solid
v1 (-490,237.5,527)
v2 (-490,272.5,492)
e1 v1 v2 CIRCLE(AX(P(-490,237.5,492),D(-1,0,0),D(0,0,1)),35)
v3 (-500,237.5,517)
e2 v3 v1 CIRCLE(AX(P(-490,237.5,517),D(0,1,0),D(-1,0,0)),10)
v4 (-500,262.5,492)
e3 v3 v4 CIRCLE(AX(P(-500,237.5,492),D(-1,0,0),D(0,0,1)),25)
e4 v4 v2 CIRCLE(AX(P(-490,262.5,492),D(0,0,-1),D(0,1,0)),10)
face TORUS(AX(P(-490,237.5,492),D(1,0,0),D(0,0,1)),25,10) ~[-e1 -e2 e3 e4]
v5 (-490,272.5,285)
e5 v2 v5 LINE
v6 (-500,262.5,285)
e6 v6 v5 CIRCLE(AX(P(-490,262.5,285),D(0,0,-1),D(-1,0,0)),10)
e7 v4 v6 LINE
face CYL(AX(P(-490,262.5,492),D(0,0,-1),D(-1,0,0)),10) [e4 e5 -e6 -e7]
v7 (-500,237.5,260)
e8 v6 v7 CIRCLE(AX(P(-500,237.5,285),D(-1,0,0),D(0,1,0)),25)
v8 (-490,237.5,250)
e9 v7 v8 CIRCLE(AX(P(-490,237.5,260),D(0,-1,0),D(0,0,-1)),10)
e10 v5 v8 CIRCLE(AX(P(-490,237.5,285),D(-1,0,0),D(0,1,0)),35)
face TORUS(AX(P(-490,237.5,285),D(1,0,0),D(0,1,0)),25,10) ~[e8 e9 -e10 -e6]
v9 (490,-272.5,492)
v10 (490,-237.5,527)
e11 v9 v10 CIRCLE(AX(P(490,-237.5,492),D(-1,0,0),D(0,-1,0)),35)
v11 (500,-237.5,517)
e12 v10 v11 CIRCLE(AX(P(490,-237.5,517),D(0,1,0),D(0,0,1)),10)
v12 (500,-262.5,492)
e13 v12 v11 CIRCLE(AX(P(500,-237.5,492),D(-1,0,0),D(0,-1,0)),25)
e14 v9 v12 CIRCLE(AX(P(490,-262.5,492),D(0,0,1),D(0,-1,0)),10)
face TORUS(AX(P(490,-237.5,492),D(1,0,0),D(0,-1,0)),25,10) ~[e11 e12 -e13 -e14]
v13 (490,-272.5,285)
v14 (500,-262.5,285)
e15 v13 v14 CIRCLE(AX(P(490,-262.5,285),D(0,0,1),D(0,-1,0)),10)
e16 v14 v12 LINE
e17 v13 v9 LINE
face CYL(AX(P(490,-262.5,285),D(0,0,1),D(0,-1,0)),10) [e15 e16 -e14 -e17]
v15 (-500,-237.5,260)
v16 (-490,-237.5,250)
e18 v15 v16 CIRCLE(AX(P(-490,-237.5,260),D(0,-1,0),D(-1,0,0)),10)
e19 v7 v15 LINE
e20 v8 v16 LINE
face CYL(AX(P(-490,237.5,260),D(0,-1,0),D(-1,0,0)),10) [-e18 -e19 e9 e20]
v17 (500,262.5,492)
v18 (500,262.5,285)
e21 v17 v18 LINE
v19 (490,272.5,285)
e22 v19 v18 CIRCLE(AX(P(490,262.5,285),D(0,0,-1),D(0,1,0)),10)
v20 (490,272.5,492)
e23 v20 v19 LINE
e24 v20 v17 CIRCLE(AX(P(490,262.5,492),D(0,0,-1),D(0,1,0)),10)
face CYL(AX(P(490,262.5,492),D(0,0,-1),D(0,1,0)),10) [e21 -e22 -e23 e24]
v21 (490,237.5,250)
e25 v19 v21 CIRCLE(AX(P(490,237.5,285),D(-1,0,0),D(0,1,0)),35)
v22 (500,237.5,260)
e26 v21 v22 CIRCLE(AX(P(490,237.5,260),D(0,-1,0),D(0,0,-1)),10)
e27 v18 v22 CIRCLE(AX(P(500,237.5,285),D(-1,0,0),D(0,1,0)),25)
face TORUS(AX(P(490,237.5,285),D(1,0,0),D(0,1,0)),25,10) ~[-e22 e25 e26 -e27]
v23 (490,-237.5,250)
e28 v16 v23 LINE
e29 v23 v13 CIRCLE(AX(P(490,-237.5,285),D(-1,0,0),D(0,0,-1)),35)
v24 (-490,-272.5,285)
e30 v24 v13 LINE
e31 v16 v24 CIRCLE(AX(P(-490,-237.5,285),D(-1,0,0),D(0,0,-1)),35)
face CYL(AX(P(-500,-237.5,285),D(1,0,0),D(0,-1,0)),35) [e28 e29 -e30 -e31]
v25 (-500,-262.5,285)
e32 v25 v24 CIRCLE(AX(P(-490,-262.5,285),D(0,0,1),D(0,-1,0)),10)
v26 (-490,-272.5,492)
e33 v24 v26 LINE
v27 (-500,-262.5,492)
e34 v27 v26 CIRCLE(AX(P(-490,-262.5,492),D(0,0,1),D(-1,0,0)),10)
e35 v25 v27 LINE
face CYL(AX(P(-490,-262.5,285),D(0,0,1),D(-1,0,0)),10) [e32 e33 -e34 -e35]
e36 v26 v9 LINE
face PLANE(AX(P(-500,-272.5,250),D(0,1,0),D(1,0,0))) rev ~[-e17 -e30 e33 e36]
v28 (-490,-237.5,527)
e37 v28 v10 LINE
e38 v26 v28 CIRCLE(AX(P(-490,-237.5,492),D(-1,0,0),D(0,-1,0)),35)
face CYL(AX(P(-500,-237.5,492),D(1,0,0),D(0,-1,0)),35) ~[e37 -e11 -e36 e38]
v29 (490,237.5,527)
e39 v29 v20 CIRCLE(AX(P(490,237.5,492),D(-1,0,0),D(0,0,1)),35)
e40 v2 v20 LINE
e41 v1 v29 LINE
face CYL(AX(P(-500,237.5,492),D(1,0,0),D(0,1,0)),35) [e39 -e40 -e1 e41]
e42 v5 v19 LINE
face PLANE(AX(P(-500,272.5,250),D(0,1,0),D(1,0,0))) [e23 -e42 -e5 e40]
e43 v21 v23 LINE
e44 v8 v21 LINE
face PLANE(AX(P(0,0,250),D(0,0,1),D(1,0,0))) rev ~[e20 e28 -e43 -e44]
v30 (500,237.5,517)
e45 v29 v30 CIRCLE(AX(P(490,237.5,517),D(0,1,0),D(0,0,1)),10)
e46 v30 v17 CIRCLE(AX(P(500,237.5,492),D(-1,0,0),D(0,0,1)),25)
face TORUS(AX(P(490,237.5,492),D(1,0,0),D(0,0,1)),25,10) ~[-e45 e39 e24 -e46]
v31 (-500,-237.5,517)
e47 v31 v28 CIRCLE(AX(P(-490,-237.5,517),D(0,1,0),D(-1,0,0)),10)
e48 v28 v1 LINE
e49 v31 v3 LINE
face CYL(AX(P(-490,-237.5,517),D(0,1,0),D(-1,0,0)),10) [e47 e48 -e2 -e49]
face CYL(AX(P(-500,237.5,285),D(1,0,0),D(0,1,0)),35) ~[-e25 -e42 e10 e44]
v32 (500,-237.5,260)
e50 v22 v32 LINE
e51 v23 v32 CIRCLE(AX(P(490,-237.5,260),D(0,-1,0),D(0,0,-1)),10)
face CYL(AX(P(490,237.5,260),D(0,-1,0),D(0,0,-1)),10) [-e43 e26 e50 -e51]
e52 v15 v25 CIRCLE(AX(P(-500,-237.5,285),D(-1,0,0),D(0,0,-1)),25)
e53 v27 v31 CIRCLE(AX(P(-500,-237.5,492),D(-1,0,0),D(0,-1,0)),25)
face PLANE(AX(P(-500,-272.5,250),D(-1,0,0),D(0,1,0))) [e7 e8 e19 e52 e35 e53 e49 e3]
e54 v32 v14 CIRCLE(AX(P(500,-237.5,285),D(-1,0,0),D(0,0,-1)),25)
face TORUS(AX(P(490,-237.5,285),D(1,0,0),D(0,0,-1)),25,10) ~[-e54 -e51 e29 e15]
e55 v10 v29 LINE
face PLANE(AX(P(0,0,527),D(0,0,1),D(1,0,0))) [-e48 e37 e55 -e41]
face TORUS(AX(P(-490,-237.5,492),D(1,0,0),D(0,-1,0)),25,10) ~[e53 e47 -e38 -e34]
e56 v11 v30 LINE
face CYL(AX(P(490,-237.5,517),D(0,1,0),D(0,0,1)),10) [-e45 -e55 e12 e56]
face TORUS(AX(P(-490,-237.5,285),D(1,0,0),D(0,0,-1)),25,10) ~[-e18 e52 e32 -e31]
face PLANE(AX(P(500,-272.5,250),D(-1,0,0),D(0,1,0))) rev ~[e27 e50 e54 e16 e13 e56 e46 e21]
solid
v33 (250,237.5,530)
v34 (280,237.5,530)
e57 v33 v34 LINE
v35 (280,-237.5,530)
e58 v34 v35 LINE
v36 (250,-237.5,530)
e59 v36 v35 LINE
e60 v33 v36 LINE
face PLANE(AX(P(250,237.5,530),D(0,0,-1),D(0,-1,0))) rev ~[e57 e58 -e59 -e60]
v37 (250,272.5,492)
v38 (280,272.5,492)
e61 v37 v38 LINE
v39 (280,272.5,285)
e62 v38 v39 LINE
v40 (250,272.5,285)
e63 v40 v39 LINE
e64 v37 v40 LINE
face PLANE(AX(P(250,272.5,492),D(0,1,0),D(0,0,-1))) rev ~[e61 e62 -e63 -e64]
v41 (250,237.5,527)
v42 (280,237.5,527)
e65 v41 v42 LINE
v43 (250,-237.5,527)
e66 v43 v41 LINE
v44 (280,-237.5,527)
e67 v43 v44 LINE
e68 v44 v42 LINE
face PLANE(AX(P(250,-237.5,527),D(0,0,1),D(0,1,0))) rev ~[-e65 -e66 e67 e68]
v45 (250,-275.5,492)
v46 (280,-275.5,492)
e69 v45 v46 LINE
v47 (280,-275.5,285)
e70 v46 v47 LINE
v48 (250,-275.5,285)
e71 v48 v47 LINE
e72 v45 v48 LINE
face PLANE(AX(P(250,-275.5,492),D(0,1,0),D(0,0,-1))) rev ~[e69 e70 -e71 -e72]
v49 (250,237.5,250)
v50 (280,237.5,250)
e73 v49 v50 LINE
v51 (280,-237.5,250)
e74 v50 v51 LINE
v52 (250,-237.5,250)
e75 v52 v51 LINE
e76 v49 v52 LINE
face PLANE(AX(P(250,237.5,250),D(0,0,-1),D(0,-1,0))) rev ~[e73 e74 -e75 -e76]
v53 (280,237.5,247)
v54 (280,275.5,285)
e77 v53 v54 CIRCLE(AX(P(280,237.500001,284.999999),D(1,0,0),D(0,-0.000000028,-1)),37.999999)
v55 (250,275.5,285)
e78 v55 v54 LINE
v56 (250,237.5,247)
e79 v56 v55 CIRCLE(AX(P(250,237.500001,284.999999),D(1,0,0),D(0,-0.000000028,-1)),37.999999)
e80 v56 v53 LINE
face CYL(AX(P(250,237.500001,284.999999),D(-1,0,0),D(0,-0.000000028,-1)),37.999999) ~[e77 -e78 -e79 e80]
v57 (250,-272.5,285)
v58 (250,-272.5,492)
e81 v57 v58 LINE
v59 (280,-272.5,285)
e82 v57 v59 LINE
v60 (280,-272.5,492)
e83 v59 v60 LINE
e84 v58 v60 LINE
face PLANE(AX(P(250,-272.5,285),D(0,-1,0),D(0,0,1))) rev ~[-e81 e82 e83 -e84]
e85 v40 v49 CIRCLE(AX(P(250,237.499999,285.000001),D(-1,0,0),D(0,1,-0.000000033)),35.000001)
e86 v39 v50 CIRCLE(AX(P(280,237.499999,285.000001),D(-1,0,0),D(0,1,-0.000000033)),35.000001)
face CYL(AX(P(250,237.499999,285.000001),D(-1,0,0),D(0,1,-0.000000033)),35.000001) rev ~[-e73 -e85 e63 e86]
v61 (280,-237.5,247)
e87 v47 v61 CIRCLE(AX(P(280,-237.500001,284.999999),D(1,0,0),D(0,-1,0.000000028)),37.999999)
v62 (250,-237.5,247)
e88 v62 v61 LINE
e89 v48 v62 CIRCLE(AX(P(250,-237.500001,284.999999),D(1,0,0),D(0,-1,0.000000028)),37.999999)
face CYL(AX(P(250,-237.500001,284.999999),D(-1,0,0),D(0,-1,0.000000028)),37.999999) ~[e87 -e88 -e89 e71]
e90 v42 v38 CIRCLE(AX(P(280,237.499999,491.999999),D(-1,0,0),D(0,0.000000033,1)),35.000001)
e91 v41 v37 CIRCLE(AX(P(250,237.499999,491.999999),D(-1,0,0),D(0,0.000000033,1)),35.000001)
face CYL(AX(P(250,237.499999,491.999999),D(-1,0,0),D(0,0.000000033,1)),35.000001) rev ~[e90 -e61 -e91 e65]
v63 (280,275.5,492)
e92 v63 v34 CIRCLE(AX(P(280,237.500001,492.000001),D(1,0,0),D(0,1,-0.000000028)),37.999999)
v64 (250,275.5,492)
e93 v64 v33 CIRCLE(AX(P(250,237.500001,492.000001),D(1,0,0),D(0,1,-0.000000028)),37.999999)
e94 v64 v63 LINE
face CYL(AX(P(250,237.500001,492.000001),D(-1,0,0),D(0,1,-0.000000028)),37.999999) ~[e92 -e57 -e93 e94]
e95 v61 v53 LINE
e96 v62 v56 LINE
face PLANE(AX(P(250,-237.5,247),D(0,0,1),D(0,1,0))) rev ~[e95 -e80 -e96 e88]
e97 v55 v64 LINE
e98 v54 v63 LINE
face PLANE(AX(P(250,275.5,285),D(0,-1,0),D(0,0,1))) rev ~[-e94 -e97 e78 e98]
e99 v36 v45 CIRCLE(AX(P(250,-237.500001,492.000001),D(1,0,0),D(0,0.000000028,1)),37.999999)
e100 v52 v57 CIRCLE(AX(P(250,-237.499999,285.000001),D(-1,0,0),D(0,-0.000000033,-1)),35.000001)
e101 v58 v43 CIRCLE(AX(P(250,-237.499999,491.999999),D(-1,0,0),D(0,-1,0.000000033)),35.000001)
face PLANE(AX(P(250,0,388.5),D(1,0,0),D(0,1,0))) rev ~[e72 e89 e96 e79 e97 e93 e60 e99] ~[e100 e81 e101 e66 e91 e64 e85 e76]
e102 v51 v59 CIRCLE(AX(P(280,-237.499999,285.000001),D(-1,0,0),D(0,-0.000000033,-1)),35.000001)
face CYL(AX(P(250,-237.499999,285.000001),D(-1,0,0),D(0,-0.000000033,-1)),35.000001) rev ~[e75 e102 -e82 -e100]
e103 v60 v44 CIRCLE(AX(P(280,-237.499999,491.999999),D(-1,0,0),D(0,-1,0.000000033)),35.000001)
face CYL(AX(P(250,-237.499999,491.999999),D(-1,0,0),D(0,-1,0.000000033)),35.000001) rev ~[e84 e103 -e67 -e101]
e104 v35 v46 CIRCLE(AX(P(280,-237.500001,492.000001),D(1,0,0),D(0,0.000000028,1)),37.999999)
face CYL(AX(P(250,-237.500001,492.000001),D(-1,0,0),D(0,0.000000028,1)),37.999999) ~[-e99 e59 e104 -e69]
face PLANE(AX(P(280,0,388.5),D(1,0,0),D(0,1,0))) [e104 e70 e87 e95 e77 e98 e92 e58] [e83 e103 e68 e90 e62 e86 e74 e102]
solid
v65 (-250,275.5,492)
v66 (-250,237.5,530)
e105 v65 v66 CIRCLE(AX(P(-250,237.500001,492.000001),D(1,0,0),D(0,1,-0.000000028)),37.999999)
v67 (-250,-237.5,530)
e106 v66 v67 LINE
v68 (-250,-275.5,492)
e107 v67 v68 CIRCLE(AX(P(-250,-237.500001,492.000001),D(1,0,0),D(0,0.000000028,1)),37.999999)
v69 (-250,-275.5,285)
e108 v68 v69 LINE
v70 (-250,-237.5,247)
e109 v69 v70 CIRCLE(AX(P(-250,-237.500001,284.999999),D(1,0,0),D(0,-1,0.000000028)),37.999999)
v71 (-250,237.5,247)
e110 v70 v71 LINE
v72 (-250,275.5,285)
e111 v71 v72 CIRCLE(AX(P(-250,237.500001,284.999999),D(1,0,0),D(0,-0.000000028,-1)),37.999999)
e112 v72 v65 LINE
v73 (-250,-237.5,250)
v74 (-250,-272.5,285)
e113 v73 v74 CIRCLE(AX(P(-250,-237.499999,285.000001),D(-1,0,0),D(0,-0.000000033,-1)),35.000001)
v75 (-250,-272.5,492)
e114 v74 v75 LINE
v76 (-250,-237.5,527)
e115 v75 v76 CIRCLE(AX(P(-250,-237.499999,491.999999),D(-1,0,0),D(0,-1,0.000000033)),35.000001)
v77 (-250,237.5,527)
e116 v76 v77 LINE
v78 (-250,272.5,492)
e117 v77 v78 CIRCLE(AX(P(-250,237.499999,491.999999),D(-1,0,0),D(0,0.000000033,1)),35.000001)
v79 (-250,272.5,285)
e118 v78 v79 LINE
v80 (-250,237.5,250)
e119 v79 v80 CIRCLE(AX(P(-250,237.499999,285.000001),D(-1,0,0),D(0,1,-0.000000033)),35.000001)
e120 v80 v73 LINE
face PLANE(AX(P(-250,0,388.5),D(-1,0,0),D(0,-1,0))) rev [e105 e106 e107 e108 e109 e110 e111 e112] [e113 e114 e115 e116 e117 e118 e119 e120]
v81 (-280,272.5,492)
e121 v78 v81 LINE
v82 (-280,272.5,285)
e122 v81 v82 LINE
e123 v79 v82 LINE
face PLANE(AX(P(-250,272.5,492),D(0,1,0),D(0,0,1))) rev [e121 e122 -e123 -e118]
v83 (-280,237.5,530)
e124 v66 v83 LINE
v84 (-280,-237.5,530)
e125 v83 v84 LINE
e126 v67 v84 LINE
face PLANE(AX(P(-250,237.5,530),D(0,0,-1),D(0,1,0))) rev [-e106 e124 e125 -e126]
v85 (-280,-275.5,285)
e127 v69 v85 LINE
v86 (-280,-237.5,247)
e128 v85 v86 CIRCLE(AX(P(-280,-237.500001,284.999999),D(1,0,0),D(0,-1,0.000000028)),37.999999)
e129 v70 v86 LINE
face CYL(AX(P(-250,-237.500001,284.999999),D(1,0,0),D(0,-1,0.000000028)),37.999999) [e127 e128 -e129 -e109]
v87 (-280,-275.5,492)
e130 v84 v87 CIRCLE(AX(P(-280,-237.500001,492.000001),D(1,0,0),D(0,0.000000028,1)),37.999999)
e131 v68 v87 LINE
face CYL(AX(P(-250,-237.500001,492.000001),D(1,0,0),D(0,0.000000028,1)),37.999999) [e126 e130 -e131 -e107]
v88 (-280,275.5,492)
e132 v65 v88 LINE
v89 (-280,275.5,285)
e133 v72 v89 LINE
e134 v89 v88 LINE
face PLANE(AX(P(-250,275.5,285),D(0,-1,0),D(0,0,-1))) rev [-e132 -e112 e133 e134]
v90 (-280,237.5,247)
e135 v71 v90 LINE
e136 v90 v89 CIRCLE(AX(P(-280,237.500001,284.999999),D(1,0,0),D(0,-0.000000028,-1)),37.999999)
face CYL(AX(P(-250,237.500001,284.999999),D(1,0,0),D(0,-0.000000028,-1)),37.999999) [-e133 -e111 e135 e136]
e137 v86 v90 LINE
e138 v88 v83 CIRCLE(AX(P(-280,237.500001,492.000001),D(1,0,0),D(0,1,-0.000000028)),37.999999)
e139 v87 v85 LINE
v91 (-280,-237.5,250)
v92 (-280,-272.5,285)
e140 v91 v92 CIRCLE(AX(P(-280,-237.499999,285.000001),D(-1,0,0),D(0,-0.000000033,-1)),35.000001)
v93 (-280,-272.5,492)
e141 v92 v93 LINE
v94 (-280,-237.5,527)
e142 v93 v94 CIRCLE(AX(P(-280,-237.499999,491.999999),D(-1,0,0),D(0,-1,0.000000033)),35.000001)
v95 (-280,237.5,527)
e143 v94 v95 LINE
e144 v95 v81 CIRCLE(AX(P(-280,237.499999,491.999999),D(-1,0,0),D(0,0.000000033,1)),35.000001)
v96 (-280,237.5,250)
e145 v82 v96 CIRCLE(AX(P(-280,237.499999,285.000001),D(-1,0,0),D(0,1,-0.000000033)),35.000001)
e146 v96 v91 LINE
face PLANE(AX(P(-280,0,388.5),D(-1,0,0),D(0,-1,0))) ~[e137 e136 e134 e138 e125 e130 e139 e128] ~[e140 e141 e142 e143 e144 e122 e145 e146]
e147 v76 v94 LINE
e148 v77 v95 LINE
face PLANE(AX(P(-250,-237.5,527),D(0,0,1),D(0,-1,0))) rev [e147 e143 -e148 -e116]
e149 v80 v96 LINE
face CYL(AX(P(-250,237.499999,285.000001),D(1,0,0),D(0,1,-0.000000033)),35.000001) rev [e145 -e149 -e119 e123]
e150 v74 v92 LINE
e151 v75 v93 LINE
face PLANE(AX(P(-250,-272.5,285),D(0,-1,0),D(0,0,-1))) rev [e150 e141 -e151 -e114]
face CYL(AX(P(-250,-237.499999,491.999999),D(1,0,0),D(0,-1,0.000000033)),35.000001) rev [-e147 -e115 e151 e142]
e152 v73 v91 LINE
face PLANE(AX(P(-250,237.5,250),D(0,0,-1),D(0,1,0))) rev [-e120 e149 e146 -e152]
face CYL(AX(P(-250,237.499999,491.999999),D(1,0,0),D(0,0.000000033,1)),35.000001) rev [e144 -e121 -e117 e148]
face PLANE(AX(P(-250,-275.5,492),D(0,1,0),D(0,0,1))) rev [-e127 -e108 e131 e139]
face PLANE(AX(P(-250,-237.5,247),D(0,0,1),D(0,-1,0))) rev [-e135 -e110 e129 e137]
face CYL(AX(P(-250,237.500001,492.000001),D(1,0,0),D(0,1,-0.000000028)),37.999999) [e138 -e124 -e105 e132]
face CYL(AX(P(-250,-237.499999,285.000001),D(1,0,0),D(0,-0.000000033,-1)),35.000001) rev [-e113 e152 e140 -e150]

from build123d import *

# Parameters (mm, degrees)
F1_W     = 1000
F1_H     = 545
F2_DEPTH = 277
F3_R     = 35
F4_R     = 10
F7_DEPTH = 30


with BuildPart() as f2:
    # F1 (on offset) → F2 (new body)
    with BuildSketch(Plane.XY.offset(250)):
        Rectangle(F1_W, F1_H)
    extrude(amount=F2_DEPTH)

    # F3
    f3_edges = [f2.edges().sort_by_distance(p)[0] for p in [
        (0, -272.5, 527),
        (0, -272.5, 250),
        (0, 272.5, 527),
        (0, 272.5, 250),
    ]]
    fillet(f3_edges, radius=F3_R)

    # F4
    f4_edges = [f2.edges().sort_by_distance(p)[0] for p in [
        (-500, 0, 527),
        (500, 0, 527),
    ]]
    fillet(f4_edges, radius=F4_R)


with BuildPart() as f7:
    # F6 (on offset) → F7 (new body)
    with BuildSketch(Plane.YZ.offset(250)):
        with BuildLine():
            ThreePointArc((-237.5, 530), (-264.370058, 518.870058), (-275.5, 492))
            Line((-275.5, 492), (-275.5, 285))
            ThreePointArc((-275.5, 285), (-264.370058, 258.129942), (-237.5, 247))
            Line((-237.5, 247), (237.5, 247))
            ThreePointArc((237.5, 247), (264.370058, 258.129942), (275.5, 285))
            Line((275.5, 285), (275.5, 492))
            ThreePointArc((275.5, 492), (264.370058, 518.870058), (237.5, 530))
            Line((237.5, 530), (-237.5, 530))
        make_face()
        with BuildLine():
            Line((-272.5, 285), (-272.5, 492))
            ThreePointArc((-272.5, 492), (-262.248737, 516.748737), (-237.5, 527))
            Line((-237.5, 527), (237.5, 527))
            ThreePointArc((237.5, 527), (262.248737, 516.748737), (272.5, 492))
            Line((272.5, 492), (272.5, 285))
            ThreePointArc((272.5, 285), (262.248737, 260.251263), (237.5, 250))
            Line((237.5, 250), (-237.5, 250))
            ThreePointArc((-237.5, 250), (-262.248737, 260.251263), (-272.5, 285))
        make_face(mode=Mode.SUBTRACT)
    extrude(amount=F7_DEPTH)


with BuildPart() as f8_1:
    # F8: instance of F7
    add(f7.part.mirror(Plane.YZ))


solid = Compound([f2.part, f7.part, f8_1.part])
